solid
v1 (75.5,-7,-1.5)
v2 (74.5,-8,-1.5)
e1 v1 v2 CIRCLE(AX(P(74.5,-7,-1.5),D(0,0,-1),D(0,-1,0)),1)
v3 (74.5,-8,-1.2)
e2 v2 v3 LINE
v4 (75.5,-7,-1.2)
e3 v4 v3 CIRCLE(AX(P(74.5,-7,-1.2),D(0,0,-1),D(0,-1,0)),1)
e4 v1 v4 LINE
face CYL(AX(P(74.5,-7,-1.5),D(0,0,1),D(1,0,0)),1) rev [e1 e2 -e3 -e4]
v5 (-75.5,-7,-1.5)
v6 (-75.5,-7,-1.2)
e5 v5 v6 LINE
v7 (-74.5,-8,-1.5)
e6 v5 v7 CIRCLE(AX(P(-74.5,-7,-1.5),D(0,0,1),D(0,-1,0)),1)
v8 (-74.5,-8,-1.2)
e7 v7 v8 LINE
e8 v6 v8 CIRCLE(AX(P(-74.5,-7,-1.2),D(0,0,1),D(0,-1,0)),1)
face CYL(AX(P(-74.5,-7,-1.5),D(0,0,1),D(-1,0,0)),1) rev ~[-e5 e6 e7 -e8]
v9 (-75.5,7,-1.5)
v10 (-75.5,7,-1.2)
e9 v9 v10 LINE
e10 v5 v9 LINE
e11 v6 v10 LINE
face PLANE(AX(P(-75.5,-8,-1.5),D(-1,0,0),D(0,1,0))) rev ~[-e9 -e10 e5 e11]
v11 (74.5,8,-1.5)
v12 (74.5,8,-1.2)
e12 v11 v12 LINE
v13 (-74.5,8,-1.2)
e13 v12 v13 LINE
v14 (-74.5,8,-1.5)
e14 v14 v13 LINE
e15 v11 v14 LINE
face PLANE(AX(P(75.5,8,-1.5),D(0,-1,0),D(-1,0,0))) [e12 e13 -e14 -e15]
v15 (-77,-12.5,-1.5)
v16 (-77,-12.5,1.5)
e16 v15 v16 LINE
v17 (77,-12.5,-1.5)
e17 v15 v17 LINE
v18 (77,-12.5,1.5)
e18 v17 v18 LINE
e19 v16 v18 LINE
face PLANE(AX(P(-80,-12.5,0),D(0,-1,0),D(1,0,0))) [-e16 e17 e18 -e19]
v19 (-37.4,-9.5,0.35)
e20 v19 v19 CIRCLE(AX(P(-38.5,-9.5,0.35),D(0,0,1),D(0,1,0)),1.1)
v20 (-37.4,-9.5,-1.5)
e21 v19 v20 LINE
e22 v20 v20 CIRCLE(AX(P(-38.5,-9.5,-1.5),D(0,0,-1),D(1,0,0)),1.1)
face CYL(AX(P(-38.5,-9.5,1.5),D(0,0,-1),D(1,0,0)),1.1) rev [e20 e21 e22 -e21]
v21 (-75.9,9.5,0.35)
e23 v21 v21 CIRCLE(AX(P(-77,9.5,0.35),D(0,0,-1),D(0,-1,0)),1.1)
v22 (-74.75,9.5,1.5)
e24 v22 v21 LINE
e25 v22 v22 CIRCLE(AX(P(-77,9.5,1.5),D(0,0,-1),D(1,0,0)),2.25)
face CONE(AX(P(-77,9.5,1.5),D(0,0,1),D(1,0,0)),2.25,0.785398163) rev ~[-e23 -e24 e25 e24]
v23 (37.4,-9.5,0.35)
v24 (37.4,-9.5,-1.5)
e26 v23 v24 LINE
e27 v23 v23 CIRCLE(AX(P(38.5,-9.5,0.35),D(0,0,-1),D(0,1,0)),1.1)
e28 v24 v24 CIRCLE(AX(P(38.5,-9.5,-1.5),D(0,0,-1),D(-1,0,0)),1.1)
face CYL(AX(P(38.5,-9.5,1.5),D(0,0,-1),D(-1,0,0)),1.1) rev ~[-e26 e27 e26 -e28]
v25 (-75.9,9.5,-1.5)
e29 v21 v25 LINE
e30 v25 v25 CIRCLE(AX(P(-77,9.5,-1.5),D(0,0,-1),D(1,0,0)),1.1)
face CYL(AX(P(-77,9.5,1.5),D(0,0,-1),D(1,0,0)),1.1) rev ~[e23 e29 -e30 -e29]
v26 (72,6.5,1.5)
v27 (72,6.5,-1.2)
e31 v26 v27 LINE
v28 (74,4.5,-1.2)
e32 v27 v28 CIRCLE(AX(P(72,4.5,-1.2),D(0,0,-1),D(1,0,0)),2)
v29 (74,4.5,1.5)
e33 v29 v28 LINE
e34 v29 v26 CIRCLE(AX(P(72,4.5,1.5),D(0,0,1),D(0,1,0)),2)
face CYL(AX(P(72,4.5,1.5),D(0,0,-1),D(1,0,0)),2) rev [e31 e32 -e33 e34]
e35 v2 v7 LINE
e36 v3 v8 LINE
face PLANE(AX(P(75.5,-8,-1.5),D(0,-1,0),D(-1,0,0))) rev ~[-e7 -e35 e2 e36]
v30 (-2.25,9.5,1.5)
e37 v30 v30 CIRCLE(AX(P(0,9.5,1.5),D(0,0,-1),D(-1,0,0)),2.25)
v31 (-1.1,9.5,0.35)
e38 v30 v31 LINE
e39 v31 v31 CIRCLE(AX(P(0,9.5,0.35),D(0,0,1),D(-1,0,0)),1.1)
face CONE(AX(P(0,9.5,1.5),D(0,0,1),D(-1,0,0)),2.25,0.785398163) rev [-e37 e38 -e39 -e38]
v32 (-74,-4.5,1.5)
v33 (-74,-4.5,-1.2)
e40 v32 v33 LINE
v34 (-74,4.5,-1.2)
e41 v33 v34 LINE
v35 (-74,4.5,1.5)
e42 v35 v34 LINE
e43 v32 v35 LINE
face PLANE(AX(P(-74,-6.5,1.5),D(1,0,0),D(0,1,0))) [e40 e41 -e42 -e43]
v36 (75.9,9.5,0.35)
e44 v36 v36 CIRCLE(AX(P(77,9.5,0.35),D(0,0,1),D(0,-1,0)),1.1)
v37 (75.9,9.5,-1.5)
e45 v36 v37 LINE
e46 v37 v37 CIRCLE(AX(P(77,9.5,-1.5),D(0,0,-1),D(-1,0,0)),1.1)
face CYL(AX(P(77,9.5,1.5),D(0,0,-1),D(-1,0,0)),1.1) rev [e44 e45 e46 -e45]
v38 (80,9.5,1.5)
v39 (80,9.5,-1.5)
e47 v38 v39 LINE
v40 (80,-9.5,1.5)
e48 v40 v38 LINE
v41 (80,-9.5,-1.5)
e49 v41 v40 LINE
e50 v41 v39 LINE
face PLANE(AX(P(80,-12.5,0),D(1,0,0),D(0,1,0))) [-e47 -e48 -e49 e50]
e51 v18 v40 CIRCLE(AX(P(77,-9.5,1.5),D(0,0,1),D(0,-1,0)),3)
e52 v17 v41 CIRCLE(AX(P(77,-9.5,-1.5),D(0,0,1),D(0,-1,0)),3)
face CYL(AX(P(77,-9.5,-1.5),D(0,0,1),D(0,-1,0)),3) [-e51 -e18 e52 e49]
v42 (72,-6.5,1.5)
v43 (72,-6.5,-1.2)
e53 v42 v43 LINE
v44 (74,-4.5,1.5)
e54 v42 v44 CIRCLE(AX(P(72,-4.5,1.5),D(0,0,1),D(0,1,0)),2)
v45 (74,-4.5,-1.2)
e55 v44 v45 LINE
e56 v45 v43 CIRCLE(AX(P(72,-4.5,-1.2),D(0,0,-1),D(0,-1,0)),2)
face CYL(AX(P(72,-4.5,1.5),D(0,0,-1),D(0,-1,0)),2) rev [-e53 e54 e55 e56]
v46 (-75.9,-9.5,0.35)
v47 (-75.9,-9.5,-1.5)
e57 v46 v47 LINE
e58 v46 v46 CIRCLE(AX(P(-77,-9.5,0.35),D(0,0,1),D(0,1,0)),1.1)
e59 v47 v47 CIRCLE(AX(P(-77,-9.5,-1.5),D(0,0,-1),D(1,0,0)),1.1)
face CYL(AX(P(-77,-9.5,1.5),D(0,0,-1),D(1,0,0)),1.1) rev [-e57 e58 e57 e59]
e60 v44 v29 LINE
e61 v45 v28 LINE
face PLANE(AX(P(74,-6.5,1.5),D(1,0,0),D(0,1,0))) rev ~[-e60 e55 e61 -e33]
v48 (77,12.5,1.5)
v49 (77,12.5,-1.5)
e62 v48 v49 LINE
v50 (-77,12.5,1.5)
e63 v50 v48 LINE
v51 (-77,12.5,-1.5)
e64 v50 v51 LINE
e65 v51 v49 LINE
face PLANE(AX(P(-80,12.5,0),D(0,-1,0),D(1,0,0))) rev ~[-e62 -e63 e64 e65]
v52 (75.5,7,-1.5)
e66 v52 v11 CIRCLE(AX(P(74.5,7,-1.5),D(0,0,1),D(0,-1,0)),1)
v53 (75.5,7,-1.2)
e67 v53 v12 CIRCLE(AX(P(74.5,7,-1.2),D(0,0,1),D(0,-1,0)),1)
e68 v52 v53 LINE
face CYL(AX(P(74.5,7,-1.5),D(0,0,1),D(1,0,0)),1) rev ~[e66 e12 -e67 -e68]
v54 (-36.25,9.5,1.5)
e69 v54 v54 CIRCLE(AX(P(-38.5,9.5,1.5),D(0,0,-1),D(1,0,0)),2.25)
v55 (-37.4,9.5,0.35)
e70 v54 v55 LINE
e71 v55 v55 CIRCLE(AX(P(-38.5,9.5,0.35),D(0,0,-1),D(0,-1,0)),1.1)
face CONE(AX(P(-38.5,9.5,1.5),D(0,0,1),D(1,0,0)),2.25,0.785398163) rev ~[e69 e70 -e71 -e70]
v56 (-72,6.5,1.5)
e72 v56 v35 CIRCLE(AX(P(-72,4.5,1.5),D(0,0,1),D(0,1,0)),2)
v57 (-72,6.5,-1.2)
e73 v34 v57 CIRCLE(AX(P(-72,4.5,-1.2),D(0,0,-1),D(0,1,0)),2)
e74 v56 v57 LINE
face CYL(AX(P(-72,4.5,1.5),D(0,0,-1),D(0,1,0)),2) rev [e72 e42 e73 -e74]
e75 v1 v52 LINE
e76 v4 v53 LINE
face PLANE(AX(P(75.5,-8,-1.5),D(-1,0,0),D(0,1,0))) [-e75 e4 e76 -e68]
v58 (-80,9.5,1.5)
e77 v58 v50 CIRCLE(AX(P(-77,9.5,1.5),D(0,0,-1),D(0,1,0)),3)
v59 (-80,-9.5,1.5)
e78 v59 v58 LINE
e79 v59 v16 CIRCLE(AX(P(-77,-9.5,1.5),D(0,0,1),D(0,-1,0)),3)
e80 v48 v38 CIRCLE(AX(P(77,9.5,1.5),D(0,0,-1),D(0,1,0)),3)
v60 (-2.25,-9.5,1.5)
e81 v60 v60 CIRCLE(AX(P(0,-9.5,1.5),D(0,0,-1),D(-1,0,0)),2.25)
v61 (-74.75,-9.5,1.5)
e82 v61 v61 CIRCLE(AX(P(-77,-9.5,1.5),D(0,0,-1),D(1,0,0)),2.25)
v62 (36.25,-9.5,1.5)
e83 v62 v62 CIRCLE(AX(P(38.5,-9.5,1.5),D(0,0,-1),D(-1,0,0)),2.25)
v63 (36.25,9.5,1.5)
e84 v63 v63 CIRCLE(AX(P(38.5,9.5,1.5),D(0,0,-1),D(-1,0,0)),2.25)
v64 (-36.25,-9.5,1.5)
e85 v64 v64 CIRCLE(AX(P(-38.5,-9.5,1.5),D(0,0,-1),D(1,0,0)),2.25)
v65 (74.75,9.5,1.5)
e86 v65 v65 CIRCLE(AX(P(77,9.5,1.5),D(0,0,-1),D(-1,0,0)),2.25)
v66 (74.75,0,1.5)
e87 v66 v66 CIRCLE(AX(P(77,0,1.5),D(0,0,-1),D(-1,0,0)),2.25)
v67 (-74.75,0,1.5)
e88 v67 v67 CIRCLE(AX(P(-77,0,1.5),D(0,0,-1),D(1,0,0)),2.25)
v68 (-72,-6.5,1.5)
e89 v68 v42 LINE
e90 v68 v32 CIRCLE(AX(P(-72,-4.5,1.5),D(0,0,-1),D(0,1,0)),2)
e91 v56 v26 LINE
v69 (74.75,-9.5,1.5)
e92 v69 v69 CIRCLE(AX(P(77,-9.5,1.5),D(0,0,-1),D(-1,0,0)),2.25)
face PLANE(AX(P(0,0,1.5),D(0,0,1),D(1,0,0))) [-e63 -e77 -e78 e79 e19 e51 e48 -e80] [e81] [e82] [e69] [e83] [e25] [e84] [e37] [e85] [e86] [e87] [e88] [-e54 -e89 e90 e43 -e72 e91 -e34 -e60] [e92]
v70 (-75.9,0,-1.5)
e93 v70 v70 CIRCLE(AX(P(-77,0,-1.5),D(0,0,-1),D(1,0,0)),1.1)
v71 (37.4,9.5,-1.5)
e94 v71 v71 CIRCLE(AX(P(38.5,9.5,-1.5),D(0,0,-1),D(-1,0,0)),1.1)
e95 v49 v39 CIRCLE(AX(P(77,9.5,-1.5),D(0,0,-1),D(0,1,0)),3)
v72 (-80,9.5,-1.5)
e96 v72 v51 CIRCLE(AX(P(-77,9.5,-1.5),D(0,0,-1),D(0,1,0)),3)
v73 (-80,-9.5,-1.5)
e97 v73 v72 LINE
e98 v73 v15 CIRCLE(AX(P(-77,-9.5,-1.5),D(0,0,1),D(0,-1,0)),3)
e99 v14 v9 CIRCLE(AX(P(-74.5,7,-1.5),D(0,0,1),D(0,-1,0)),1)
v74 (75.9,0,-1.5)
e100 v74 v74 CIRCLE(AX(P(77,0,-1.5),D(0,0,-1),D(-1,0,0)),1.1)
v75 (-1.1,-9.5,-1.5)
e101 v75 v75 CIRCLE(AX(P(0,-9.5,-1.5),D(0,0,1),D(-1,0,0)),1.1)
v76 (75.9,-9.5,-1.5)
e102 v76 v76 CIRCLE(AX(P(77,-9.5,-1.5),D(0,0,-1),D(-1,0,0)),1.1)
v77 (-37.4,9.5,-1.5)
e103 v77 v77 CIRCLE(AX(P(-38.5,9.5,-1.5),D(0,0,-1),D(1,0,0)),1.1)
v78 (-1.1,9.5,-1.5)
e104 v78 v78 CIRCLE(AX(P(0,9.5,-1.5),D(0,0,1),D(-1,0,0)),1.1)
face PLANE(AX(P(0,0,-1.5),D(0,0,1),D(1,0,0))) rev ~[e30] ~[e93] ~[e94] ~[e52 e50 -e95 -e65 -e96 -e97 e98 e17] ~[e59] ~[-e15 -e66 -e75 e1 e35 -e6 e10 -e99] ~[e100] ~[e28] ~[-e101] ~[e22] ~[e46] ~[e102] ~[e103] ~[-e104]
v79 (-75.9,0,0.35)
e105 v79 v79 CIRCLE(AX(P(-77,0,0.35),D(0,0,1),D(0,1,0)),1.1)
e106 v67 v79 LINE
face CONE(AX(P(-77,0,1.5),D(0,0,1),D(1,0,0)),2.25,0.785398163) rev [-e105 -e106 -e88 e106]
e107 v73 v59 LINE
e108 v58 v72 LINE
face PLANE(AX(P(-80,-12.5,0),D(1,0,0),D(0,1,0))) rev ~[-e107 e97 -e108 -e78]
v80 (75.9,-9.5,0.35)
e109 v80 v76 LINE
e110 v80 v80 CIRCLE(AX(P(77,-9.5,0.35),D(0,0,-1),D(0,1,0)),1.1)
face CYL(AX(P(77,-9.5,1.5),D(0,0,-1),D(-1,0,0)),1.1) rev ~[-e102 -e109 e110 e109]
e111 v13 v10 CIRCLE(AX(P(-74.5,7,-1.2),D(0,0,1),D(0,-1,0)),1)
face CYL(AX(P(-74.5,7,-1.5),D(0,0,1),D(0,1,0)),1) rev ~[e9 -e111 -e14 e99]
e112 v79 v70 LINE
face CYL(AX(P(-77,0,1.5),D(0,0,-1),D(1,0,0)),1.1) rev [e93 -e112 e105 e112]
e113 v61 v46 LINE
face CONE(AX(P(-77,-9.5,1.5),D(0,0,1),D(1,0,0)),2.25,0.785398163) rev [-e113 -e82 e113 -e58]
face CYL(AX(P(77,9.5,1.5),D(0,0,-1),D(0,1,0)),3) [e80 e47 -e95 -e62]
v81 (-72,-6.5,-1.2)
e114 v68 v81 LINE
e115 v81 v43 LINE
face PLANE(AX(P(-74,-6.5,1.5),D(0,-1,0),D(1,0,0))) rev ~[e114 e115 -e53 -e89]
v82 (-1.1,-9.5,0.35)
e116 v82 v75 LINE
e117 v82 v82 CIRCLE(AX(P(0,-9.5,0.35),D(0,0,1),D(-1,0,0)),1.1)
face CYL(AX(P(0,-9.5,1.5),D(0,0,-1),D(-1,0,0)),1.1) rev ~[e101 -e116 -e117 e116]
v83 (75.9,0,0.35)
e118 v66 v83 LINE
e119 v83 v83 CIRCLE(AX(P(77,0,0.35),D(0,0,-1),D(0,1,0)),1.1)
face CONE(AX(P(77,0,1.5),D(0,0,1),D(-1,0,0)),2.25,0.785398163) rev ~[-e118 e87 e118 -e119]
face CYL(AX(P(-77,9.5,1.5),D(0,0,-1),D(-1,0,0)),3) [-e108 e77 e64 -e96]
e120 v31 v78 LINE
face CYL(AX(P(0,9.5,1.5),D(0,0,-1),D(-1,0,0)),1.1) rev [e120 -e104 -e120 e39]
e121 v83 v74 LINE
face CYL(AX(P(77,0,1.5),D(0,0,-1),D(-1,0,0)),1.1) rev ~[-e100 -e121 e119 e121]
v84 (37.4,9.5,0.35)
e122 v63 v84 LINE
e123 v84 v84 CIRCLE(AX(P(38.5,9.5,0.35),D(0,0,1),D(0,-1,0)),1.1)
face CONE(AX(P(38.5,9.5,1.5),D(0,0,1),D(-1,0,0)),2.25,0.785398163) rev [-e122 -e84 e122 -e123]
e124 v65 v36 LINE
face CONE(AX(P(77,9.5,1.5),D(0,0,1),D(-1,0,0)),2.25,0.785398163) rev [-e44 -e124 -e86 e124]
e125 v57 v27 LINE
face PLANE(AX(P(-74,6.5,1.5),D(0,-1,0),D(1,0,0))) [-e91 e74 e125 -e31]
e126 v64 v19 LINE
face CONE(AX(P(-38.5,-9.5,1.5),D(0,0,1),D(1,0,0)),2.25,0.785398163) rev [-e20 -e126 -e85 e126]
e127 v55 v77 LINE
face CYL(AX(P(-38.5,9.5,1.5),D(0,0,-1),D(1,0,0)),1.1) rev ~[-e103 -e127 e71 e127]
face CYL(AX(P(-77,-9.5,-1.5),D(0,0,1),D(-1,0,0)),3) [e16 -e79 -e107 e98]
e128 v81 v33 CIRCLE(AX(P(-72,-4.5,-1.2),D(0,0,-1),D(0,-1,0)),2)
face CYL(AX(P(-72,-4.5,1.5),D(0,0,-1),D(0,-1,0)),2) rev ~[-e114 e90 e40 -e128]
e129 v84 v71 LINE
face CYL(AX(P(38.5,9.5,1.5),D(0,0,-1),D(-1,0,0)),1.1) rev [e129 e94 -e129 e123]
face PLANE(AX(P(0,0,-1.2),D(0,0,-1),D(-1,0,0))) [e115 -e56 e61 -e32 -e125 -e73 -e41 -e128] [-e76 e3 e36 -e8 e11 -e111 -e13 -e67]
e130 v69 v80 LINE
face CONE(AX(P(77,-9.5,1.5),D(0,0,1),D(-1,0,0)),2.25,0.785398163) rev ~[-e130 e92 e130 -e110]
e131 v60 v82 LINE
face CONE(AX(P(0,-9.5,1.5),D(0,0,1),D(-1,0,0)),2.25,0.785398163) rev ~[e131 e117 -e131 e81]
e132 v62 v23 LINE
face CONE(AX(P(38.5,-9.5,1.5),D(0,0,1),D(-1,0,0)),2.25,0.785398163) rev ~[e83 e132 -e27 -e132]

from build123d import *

# Parameters (mm, degrees)
SKETCH1_W                                            = 160
SKETCH1_H                                            = 25
BOSS_EXTRUDE1_DEPTH                                  = 1.5
SKETCH2_W                                            = 148
SKETCH2_H                                            = 13
CUT_EXTRUDE1_DEPTH                                   = 82.026230321
FILLET1_R                                            = 2
FILLET2_R                                            = 3
CSK_FOR_M2_SLOTTED_RAISED_CTSK_HEAD_SCRE_D           = 2.2
CSK_FOR_M2_SLOTTED_RAISED_CTSK_HEAD_SCRE_CSINK_D     = 4.5
CSK_FOR_M2_SLOTTED_RAISED_CTSK_HEAD_SCRE_CSINK_ANGLE = 90
MIRROR1_AT_THE_SECOND_PLANE_COPY_1_D                 = 2.2
MIRROR1_AT_THE_SECOND_PLANE_COPY_1_CSINK_D           = 4.5
MIRROR1_AT_THE_SECOND_PLANE_COPY_1_CSINK_ANGLE       = 90
SKETCH7_W                                            = 151
SKETCH7_H                                            = 16
CUT_EXTRUDE2_DEPTH                                   = 0.3
FILLET4_R                                            = 1


with BuildPart() as part:
    # Sketch1 → Boss-Extrude1 (new, symmetric)
    with BuildSketch(Plane.XY):
        Rectangle(SKETCH1_W, SKETCH1_H)
    extrude(amount=BOSS_EXTRUDE1_DEPTH, both=True)

    # Sketch2 → Cut-Extrude1 (cut, through all)
    with BuildSketch(Plane.XY.offset(1.5)):
        Rectangle(SKETCH2_W, SKETCH2_H)
    extrude(amount=-CUT_EXTRUDE1_DEPTH, mode=Mode.SUBTRACT)

    # Fillet1
    fillet1_edges = [part.edges().sort_by_distance(p)[0] for p in [
        (-74, -6.5, 0),
        (-74, 6.5, 0),
        (74, 6.5, 0),
        (74, -6.5, 0),
    ]]
    fillet(fillet1_edges, radius=FILLET1_R)

    # Fillet2
    fillet2_edges = [part.edges().sort_by_distance(p)[0] for p in [
        (80, -12.5, 0),
        (-80, -12.5, 0),
        (-80, 12.5, 0),
        (80, 12.5, 0),
    ]]
    fillet(fillet2_edges, radius=FILLET2_R)

    # CSK for M2 Slotted raised CTSK head screws1 (through all)
    with Locations(Plane(origin=(0, -9.5, 1.5), x_dir=(1, 0, 0), z_dir=(0, 0, 1))):
        with Locations((0, 0), (38.5, 0), (77, 0), (77, 9.5)):
            csk_for_m2_slotted_raised_ctsk_head_scre = CounterSinkHole(CSK_FOR_M2_SLOTTED_RAISED_CTSK_HEAD_SCRE_D / 2, CSK_FOR_M2_SLOTTED_RAISED_CTSK_HEAD_SCRE_CSINK_D / 2, counter_sink_angle=CSK_FOR_M2_SLOTTED_RAISED_CTSK_HEAD_SCRE_CSINK_ANGLE)

    # Mirror1: CSK for M2 Slotted raised CTSK head screws1 across plane
    add(csk_for_m2_slotted_raised_ctsk_head_scre.mirror(Plane.ZX), mode=Mode.SUBTRACT)

    # Mirror1 at the second plane: CSK for M2 Slotted raised CTSK head screws1 across plane
    add(csk_for_m2_slotted_raised_ctsk_head_scre.mirror(Plane(origin=(0, 0, 0), x_dir=(0, 0, 1), z_dir=(1, 0, 0))), mode=Mode.SUBTRACT)

    # Mirror1 at the second plane copy 1 (through all)
    with Locations(Plane(origin=(0, 9.5, 1.5), x_dir=(-1, 0, 0), z_dir=(0, 0, 1))):
        with Locations((0, 0), (38.5, 0), (77, 0), (77, 9.5)):
            CounterSinkHole(MIRROR1_AT_THE_SECOND_PLANE_COPY_1_D / 2, MIRROR1_AT_THE_SECOND_PLANE_COPY_1_CSINK_D / 2, counter_sink_angle=MIRROR1_AT_THE_SECOND_PLANE_COPY_1_CSINK_ANGLE)

    # Sketch7 → Cut-Extrude2 (cut)
    with BuildSketch(Plane(origin=(0, 0, -1.5), x_dir=(-1, 0, 0), z_dir=(0, 0, -1))):
        Rectangle(SKETCH7_W, SKETCH7_H)
    extrude(amount=-CUT_EXTRUDE2_DEPTH, mode=Mode.SUBTRACT)

    # Fillet4
    fillet4_edges = [part.edges().sort_by_distance(p)[0] for p in [
        (75.5, -8, -1.35),
        (75.5, 8, -1.35),
        (-75.5, 8, -1.35),
        (-75.5, -8, -1.35),
    ]]
    fillet(fillet4_edges, radius=FILLET4_R)


solid = part.part
